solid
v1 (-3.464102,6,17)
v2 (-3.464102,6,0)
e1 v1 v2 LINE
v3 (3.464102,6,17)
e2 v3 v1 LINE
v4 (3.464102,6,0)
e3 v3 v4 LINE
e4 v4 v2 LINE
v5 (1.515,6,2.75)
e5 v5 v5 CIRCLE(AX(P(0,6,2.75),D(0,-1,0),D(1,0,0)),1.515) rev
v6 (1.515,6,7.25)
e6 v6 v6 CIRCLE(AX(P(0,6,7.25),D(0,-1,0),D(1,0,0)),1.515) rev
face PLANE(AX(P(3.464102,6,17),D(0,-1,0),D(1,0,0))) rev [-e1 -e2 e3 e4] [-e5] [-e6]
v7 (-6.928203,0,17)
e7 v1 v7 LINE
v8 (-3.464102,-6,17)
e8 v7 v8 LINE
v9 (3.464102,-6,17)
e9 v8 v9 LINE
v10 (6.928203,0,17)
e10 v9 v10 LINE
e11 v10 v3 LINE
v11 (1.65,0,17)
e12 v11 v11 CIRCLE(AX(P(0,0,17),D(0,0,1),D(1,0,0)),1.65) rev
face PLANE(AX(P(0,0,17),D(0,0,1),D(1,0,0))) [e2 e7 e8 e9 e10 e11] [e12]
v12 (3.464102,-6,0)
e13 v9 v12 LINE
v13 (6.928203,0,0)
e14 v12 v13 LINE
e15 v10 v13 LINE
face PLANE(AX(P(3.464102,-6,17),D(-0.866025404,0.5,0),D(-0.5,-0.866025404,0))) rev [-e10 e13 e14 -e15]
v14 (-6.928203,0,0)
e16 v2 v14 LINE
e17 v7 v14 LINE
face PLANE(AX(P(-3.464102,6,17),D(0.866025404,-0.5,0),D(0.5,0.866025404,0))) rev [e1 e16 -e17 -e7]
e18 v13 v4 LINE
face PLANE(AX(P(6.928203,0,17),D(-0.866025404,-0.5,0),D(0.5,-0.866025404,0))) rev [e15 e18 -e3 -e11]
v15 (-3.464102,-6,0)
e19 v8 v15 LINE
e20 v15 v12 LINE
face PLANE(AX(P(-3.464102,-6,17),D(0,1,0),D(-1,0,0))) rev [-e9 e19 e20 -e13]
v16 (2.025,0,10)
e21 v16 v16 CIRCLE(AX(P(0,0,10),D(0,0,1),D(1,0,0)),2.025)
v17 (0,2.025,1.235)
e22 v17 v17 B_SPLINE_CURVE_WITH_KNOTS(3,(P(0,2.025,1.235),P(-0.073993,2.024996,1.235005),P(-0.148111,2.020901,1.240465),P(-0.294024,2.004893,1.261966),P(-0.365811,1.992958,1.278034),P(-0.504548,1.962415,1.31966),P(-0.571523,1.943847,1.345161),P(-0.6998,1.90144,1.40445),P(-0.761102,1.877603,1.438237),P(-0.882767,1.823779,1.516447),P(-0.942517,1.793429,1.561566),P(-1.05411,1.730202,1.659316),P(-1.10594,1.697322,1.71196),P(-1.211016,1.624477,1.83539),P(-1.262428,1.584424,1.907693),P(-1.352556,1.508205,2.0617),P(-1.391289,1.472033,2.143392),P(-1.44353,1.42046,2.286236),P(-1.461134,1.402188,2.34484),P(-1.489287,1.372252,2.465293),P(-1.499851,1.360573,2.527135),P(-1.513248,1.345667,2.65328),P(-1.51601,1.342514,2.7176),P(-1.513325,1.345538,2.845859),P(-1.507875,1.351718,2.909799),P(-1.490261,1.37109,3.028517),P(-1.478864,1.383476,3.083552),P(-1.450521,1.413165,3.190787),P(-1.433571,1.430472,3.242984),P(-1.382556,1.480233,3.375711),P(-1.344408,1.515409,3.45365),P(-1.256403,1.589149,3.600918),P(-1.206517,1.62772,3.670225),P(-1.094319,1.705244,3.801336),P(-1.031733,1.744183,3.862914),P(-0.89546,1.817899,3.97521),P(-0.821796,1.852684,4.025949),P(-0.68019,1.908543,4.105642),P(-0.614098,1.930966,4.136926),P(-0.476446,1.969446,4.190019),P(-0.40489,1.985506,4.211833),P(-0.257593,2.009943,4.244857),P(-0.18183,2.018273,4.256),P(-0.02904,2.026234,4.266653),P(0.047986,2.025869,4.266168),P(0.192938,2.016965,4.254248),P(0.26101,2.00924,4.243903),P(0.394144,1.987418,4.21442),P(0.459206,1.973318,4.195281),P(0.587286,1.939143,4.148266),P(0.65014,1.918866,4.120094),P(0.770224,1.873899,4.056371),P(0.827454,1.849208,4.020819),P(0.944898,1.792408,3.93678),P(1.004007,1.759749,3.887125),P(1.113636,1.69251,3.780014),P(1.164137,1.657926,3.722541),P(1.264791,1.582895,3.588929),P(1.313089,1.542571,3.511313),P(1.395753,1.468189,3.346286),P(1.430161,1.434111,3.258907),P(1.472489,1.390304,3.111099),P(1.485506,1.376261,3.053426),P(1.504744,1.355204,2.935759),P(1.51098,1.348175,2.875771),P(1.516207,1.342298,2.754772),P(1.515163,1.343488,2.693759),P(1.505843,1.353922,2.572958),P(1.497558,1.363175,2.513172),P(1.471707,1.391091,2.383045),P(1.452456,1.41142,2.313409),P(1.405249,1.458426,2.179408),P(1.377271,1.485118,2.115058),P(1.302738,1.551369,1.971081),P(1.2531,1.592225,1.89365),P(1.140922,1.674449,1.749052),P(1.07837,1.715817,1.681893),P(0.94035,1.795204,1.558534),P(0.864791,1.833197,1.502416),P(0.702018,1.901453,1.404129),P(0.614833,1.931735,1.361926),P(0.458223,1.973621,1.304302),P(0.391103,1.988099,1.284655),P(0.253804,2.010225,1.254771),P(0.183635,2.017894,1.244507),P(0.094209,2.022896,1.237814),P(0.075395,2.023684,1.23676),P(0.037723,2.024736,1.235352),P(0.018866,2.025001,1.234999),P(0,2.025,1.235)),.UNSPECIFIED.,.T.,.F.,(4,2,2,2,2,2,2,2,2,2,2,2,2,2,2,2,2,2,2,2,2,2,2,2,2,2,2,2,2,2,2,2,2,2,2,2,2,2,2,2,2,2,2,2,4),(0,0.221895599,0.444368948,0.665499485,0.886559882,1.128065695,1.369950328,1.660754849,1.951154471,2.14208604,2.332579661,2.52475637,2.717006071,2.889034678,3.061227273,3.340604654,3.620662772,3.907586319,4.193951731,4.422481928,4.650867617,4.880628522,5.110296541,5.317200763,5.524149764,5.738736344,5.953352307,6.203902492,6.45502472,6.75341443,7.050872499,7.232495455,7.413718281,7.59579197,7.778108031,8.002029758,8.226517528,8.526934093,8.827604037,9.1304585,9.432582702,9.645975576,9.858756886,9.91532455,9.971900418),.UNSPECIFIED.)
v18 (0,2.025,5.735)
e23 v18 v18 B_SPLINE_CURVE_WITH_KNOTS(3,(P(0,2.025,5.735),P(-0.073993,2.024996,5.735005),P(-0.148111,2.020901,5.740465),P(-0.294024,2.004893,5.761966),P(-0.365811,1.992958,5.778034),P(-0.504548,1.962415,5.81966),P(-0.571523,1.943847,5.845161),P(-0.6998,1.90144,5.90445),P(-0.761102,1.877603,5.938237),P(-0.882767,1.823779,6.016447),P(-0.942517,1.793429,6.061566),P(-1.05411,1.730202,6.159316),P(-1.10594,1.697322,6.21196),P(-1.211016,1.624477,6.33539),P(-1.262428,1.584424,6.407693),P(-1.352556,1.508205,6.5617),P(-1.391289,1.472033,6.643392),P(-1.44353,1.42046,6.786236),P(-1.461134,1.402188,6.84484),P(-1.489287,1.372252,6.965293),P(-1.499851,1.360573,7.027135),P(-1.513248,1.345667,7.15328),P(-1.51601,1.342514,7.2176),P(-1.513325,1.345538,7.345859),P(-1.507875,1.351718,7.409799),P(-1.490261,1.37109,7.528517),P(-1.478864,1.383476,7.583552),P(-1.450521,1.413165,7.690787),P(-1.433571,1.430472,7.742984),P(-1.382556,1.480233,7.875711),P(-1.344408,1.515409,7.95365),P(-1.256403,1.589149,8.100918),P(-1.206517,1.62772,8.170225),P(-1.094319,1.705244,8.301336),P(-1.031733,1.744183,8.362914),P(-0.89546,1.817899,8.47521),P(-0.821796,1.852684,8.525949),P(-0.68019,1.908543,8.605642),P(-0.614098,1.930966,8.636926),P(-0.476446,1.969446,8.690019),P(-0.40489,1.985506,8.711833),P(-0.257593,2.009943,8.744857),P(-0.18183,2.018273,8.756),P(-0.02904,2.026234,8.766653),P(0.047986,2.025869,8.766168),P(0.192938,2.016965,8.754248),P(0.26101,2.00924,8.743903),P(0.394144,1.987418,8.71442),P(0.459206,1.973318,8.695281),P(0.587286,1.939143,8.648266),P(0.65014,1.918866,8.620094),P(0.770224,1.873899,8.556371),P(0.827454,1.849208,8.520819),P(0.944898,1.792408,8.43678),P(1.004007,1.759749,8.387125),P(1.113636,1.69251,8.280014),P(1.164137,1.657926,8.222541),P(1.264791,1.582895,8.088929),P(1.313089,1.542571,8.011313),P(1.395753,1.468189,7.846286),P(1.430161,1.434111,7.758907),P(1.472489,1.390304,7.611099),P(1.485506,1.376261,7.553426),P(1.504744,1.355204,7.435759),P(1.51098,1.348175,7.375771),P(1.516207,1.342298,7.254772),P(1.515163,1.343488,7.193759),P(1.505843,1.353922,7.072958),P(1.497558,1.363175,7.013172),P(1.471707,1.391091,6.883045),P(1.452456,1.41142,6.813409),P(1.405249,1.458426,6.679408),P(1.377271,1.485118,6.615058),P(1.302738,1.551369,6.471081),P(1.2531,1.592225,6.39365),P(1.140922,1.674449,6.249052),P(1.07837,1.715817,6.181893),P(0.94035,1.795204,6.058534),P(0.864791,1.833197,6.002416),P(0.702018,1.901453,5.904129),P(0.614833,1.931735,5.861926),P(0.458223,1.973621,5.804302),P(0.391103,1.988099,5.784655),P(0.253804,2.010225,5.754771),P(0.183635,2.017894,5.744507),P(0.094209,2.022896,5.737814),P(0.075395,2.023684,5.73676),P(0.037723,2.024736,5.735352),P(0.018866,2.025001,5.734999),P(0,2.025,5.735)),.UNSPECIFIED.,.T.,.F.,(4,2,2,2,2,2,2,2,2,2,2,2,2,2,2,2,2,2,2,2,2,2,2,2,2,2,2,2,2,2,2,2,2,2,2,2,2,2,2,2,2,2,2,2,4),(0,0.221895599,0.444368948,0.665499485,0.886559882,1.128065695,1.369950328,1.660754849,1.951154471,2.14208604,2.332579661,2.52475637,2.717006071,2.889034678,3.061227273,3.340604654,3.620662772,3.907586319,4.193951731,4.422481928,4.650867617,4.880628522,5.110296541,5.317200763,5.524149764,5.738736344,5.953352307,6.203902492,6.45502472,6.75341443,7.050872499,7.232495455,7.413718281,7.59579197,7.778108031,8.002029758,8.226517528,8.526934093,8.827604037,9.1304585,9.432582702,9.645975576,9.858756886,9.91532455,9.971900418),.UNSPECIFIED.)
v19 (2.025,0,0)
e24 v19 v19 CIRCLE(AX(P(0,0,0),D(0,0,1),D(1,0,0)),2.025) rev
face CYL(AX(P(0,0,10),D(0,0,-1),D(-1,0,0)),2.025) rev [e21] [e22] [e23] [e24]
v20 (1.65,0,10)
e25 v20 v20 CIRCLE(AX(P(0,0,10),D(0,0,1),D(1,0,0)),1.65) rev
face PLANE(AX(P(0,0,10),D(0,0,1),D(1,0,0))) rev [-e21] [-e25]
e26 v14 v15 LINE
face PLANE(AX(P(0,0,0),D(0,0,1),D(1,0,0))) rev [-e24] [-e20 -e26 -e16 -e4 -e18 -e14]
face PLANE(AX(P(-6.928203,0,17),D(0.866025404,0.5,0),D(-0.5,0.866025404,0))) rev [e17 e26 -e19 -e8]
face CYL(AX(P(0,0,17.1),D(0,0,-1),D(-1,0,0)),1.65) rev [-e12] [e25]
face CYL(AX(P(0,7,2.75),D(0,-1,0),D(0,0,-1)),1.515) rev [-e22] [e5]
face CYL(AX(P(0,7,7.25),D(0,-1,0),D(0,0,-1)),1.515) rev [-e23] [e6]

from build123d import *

# Parameters (mm, degrees)
F_01_17_MM_COMMERCIAL_DRIVE_HEX_DEPTH  = 17
F_02_START                             = -0.1
S02_SHAFT_SEAT_R                       = 2.025
F_02_SHAFT_SEAT_DEPTH                  = 10.1
F_03_START                             = 9.99
S03_OUTBOARD_M4_THREAD_ENVELOPE_R      = 1.65
F_03_OUTBOARD_M4_THREAD_ENVELOPE_DEPTH = 7.11
S04_RADIAL_M3_SET_SCREW_1_R            = 1.515
F_04_RADIAL_M3_SET_SCREW_1_DEPTH       = 7
S05_RADIAL_M3_SET_SCREW_2_R            = 1.515
F_05_RADIAL_M3_SET_SCREW_2_DEPTH       = 7


with BuildPart() as part:
    # S01 - 17 mm commercial drive hex → 01 - 17 mm commercial drive hex (new body)
    with BuildSketch(Plane.XY):
        Polygon((6.92820323, 0), (3.464101615, 6), (-3.464101615, 6), (-6.92820323, 0), (-3.464101615, -6), (3.464101615, -6), align=None)
    extrude(amount=F_01_17_MM_COMMERCIAL_DRIVE_HEX_DEPTH)

    # S02 - Shaft seat → 02 - Shaft seat (cut)
    with BuildSketch(Plane.XY.offset(F_02_START)):
        Circle(S02_SHAFT_SEAT_R)
    extrude(amount=F_02_SHAFT_SEAT_DEPTH, mode=Mode.SUBTRACT)

    # S03 - Outboard M4 thread envelope → 03 - Outboard M4 thread envelope (cut)
    with BuildSketch(Plane.XY.offset(F_03_START)):
        Circle(S03_OUTBOARD_M4_THREAD_ENVELOPE_R)
    extrude(amount=F_03_OUTBOARD_M4_THREAD_ENVELOPE_DEPTH, mode=Mode.SUBTRACT)

    # S04 - Radial M3 set screw 1 → 04 - Radial M3 set screw 1 (cut)
    with BuildSketch(Plane(origin=(0, 0, 0), x_dir=(1, 0, 0), z_dir=(0, 1, 0))):
        with Locations(Location((0, -2.75, 0), (0, 0, 90))):
            Circle(S04_RADIAL_M3_SET_SCREW_1_R)
    extrude(amount=F_04_RADIAL_M3_SET_SCREW_1_DEPTH, mode=Mode.SUBTRACT)

    # S05 - Radial M3 set screw 2 → 05 - Radial M3 set screw 2 (cut)
    with BuildSketch(Plane(origin=(0, 0, 0), x_dir=(1, 0, 0), z_dir=(0, 1, 0))):
        with Locations(Location((0, -7.25, 0), (0, 0, 90))):
            Circle(S05_RADIAL_M3_SET_SCREW_2_R)
    extrude(amount=F_05_RADIAL_M3_SET_SCREW_2_DEPTH, mode=Mode.SUBTRACT)


solid = part.part
